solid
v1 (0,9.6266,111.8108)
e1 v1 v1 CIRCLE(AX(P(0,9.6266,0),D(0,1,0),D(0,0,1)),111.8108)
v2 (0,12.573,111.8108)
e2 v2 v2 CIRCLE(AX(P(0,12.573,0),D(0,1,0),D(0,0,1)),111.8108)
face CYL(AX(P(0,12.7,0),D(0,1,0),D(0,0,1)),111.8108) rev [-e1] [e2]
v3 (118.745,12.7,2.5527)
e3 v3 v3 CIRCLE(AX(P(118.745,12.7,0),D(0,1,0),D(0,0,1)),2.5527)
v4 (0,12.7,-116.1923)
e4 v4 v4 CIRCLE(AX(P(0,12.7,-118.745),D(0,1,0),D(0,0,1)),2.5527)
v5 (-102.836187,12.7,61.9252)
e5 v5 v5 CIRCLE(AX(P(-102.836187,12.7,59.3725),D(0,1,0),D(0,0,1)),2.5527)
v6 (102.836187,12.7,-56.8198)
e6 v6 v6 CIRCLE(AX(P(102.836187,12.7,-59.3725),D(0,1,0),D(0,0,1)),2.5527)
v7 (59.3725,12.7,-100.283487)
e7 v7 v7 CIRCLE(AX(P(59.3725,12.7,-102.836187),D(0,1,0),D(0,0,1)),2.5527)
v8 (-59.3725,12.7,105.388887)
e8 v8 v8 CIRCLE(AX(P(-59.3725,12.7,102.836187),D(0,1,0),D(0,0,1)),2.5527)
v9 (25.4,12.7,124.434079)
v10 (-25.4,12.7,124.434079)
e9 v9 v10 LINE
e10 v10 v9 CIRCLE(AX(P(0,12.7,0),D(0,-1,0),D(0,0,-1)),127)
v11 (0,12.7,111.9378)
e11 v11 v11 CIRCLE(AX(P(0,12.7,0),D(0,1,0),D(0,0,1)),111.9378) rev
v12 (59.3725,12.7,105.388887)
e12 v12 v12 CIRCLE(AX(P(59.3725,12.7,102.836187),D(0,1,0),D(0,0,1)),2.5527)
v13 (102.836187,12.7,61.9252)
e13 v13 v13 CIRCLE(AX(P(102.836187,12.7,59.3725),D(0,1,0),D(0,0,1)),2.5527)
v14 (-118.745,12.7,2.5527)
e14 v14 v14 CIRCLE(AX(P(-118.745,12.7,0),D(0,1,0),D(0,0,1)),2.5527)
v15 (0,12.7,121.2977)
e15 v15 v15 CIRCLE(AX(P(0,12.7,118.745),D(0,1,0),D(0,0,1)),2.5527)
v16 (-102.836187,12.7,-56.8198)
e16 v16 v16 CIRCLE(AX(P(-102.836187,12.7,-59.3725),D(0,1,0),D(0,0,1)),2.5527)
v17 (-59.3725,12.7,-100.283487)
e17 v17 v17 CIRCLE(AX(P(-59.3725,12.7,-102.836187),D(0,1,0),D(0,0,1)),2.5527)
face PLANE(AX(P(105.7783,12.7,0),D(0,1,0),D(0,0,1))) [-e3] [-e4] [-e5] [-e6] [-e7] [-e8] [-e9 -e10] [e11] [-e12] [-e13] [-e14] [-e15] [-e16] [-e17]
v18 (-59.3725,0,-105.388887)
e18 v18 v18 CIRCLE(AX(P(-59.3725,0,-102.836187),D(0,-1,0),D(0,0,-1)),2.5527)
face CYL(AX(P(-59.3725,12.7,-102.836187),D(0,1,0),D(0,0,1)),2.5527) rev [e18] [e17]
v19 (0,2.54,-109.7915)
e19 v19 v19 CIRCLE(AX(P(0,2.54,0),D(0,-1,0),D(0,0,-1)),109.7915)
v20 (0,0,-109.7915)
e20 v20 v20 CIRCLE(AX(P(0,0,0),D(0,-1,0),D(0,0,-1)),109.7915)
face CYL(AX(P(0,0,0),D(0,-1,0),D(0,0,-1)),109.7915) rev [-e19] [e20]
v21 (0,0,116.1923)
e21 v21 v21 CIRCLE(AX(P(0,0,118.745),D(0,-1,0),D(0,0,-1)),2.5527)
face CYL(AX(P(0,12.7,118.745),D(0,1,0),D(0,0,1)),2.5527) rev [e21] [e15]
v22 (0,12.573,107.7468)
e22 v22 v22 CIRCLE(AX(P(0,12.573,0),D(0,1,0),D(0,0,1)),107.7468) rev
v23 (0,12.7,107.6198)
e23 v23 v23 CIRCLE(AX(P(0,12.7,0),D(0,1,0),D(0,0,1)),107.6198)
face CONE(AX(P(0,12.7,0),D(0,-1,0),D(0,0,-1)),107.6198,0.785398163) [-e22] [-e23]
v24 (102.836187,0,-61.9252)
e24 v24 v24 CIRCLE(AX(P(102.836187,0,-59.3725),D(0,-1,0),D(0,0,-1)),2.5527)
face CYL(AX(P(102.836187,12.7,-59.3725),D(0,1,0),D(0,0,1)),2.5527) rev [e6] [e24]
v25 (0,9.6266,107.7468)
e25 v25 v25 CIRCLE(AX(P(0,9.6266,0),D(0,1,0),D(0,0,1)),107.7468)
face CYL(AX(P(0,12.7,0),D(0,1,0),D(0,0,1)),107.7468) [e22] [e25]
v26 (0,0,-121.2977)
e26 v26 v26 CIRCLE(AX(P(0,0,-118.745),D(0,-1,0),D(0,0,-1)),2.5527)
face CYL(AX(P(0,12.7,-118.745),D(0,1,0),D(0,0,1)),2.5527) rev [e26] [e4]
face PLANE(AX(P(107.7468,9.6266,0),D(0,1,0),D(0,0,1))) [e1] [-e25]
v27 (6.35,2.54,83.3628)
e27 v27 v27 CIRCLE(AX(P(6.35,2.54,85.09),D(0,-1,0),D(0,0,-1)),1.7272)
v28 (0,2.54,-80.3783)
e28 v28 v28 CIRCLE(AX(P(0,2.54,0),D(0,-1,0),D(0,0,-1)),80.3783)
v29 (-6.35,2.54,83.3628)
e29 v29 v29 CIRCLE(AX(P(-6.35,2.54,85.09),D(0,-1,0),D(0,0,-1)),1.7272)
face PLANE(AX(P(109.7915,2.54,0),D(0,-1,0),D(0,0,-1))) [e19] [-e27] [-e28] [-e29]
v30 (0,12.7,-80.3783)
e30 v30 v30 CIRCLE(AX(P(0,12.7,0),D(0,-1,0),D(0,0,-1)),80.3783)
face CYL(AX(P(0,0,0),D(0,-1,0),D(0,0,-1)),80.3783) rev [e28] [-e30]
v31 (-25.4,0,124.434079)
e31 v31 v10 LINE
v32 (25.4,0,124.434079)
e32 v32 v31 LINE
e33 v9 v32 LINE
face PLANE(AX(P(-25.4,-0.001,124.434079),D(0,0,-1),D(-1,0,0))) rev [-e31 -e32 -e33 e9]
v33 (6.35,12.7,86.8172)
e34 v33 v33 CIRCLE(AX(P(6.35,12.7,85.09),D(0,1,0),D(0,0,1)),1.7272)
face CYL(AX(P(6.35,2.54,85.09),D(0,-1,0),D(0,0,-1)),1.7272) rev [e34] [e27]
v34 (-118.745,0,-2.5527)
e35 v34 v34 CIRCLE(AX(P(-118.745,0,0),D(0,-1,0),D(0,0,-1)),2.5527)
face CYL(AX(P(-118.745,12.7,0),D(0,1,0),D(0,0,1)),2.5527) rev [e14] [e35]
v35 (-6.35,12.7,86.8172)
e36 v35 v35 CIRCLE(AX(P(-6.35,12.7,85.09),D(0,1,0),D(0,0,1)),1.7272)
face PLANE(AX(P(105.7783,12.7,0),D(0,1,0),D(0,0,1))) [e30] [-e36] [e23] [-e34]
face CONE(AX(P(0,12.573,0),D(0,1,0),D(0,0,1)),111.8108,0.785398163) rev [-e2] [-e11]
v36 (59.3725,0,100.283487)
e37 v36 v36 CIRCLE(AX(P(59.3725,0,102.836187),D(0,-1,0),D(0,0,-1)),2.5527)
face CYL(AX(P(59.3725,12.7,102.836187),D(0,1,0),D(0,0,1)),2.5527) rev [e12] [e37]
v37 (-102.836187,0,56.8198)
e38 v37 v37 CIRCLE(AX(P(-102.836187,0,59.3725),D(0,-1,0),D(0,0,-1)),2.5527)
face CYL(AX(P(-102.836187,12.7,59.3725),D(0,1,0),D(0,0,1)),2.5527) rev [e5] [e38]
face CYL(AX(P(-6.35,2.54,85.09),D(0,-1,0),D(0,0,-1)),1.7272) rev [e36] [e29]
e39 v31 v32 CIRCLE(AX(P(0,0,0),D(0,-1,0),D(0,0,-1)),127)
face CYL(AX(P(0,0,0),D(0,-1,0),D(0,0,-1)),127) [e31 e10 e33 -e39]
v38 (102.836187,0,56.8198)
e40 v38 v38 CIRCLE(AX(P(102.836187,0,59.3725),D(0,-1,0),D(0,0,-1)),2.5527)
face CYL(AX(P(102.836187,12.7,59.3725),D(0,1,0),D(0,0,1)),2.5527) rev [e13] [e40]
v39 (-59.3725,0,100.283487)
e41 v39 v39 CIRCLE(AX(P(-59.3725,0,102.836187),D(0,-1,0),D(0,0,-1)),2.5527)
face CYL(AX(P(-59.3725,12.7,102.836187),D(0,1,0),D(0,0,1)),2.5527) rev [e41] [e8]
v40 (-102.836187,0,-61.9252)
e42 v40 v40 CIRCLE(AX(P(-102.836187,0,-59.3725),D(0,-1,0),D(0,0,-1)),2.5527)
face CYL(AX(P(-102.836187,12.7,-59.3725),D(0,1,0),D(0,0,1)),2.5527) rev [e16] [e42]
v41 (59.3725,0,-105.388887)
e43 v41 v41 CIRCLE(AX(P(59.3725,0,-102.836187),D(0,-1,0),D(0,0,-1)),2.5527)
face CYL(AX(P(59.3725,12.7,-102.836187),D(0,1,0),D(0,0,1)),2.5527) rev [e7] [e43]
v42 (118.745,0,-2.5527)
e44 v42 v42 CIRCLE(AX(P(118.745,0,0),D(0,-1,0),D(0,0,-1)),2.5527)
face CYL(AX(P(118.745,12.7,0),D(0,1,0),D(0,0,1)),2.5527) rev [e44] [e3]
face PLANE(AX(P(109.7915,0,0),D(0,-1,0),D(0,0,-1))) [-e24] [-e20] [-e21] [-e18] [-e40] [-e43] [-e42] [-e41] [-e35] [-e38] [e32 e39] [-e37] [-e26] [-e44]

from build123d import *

# Parameters (mm, degrees)
F_1_4_20_TAPPED_HOLE1_D = 5.1054
SKETCH4_W               = 4.064
SKETCH4_H               = 3.0734
CHAMFER1_SIZE           = 0.127
F_8_32_TAPPED_HOLE1_D   = 3.4544
CUT_EXTRUDE1_REACH      = 182.054
SKETCH7_W               = 50.8
SKETCH7_H               = 2.565921067


with BuildPart() as part:
    # Sketch1 → Revolve1 (revolve)
    with BuildSketch(Plane.XY, mode=Mode.PRIVATE) as revolve1_sk:
        Polygon((109.7915, 0), (109.7915, 2.54), (105.7783, 2.54), (80.3783, 2.54), (80.3783, 12.7), (105.7783, 12.7), (127, 12.7), (127, 0), align=None)
    revolve(revolve1_sk.sketch.rotate(Axis((0, 0, 0), (0, 1, 0)), 90), axis=Axis((0, 0, 0), (0, 1, 0)))

    # 1/4-20 Tapped Hole1 (through all)
    with Locations(Plane(origin=(0, 12.7, 0), x_dir=(1, 0, 0), z_dir=(0, 1, 0))):
        with Locations((0, 118.745), (59.3725, 102.836186572), (102.836186572, 59.3725), (118.745, 0), (102.836186572, -59.3725), (59.3725, -102.836186572), (0, -118.745), (-59.3725, -102.836186572), (-102.836186572, -59.3725), (-118.745, 0), (-102.836186572, 59.3725), (-59.3725, 102.836186572)):
            Hole(F_1_4_20_TAPPED_HOLE1_D / 2)

    # Sketch4 → Cut-Revolve1 (revolve, cut)
    with BuildSketch(Plane.XY, mode=Mode.PRIVATE) as cut_revolve1_sk:
        with Locations((109.7788, 11.1633)):
            Rectangle(SKETCH4_W, SKETCH4_H)
    revolve(cut_revolve1_sk.sketch.rotate(Axis((0, 12.7, 0), (0, -1, 0)), 90), axis=Axis((0, 12.7, 0), (0, -1, 0)), mode=Mode.SUBTRACT)

    # Chamfer1
    chamfer1_edges = [part.edges().sort_by_distance(p)[0] for p in [
        (0, 12.7, -107.7468),
        (0, 12.7, -111.8108),
    ]]
    chamfer(chamfer1_edges, length=CHAMFER1_SIZE)

    # #8-32 Tapped Hole1 (through all)
    with Locations(Plane(origin=(0, 2.54, 0), x_dir=(-1, 0, 0), z_dir=(0, -1, 0))):
        with Locations((6.35, -85.09), (-6.35, -85.09)):
            Hole(F_8_32_TAPPED_HOLE1_D / 2)

    # Sketch7 → Cut-Extrude1 (cut, up to next)
    with BuildSketch(Plane(origin=(0, 12.7, 0), x_dir=(1, 0, 0), z_dir=(0, 1, 0)), mode=Mode.PRIVATE) as cut_extrude1_sk1:
        with Locations((0, -125.717039467)):
            Rectangle(SKETCH7_W, SKETCH7_H)
    cut_extrude1_tool1 = extrude(cut_extrude1_sk1.sketch, amount=-CUT_EXTRUDE1_REACH, mode=Mode.PRIVATE) & part.part
    add(cut_extrude1_tool1.solids().sort_by_distance((0, 12.7, 125.717039))[0], mode=Mode.SUBTRACT)


solid = part.part
